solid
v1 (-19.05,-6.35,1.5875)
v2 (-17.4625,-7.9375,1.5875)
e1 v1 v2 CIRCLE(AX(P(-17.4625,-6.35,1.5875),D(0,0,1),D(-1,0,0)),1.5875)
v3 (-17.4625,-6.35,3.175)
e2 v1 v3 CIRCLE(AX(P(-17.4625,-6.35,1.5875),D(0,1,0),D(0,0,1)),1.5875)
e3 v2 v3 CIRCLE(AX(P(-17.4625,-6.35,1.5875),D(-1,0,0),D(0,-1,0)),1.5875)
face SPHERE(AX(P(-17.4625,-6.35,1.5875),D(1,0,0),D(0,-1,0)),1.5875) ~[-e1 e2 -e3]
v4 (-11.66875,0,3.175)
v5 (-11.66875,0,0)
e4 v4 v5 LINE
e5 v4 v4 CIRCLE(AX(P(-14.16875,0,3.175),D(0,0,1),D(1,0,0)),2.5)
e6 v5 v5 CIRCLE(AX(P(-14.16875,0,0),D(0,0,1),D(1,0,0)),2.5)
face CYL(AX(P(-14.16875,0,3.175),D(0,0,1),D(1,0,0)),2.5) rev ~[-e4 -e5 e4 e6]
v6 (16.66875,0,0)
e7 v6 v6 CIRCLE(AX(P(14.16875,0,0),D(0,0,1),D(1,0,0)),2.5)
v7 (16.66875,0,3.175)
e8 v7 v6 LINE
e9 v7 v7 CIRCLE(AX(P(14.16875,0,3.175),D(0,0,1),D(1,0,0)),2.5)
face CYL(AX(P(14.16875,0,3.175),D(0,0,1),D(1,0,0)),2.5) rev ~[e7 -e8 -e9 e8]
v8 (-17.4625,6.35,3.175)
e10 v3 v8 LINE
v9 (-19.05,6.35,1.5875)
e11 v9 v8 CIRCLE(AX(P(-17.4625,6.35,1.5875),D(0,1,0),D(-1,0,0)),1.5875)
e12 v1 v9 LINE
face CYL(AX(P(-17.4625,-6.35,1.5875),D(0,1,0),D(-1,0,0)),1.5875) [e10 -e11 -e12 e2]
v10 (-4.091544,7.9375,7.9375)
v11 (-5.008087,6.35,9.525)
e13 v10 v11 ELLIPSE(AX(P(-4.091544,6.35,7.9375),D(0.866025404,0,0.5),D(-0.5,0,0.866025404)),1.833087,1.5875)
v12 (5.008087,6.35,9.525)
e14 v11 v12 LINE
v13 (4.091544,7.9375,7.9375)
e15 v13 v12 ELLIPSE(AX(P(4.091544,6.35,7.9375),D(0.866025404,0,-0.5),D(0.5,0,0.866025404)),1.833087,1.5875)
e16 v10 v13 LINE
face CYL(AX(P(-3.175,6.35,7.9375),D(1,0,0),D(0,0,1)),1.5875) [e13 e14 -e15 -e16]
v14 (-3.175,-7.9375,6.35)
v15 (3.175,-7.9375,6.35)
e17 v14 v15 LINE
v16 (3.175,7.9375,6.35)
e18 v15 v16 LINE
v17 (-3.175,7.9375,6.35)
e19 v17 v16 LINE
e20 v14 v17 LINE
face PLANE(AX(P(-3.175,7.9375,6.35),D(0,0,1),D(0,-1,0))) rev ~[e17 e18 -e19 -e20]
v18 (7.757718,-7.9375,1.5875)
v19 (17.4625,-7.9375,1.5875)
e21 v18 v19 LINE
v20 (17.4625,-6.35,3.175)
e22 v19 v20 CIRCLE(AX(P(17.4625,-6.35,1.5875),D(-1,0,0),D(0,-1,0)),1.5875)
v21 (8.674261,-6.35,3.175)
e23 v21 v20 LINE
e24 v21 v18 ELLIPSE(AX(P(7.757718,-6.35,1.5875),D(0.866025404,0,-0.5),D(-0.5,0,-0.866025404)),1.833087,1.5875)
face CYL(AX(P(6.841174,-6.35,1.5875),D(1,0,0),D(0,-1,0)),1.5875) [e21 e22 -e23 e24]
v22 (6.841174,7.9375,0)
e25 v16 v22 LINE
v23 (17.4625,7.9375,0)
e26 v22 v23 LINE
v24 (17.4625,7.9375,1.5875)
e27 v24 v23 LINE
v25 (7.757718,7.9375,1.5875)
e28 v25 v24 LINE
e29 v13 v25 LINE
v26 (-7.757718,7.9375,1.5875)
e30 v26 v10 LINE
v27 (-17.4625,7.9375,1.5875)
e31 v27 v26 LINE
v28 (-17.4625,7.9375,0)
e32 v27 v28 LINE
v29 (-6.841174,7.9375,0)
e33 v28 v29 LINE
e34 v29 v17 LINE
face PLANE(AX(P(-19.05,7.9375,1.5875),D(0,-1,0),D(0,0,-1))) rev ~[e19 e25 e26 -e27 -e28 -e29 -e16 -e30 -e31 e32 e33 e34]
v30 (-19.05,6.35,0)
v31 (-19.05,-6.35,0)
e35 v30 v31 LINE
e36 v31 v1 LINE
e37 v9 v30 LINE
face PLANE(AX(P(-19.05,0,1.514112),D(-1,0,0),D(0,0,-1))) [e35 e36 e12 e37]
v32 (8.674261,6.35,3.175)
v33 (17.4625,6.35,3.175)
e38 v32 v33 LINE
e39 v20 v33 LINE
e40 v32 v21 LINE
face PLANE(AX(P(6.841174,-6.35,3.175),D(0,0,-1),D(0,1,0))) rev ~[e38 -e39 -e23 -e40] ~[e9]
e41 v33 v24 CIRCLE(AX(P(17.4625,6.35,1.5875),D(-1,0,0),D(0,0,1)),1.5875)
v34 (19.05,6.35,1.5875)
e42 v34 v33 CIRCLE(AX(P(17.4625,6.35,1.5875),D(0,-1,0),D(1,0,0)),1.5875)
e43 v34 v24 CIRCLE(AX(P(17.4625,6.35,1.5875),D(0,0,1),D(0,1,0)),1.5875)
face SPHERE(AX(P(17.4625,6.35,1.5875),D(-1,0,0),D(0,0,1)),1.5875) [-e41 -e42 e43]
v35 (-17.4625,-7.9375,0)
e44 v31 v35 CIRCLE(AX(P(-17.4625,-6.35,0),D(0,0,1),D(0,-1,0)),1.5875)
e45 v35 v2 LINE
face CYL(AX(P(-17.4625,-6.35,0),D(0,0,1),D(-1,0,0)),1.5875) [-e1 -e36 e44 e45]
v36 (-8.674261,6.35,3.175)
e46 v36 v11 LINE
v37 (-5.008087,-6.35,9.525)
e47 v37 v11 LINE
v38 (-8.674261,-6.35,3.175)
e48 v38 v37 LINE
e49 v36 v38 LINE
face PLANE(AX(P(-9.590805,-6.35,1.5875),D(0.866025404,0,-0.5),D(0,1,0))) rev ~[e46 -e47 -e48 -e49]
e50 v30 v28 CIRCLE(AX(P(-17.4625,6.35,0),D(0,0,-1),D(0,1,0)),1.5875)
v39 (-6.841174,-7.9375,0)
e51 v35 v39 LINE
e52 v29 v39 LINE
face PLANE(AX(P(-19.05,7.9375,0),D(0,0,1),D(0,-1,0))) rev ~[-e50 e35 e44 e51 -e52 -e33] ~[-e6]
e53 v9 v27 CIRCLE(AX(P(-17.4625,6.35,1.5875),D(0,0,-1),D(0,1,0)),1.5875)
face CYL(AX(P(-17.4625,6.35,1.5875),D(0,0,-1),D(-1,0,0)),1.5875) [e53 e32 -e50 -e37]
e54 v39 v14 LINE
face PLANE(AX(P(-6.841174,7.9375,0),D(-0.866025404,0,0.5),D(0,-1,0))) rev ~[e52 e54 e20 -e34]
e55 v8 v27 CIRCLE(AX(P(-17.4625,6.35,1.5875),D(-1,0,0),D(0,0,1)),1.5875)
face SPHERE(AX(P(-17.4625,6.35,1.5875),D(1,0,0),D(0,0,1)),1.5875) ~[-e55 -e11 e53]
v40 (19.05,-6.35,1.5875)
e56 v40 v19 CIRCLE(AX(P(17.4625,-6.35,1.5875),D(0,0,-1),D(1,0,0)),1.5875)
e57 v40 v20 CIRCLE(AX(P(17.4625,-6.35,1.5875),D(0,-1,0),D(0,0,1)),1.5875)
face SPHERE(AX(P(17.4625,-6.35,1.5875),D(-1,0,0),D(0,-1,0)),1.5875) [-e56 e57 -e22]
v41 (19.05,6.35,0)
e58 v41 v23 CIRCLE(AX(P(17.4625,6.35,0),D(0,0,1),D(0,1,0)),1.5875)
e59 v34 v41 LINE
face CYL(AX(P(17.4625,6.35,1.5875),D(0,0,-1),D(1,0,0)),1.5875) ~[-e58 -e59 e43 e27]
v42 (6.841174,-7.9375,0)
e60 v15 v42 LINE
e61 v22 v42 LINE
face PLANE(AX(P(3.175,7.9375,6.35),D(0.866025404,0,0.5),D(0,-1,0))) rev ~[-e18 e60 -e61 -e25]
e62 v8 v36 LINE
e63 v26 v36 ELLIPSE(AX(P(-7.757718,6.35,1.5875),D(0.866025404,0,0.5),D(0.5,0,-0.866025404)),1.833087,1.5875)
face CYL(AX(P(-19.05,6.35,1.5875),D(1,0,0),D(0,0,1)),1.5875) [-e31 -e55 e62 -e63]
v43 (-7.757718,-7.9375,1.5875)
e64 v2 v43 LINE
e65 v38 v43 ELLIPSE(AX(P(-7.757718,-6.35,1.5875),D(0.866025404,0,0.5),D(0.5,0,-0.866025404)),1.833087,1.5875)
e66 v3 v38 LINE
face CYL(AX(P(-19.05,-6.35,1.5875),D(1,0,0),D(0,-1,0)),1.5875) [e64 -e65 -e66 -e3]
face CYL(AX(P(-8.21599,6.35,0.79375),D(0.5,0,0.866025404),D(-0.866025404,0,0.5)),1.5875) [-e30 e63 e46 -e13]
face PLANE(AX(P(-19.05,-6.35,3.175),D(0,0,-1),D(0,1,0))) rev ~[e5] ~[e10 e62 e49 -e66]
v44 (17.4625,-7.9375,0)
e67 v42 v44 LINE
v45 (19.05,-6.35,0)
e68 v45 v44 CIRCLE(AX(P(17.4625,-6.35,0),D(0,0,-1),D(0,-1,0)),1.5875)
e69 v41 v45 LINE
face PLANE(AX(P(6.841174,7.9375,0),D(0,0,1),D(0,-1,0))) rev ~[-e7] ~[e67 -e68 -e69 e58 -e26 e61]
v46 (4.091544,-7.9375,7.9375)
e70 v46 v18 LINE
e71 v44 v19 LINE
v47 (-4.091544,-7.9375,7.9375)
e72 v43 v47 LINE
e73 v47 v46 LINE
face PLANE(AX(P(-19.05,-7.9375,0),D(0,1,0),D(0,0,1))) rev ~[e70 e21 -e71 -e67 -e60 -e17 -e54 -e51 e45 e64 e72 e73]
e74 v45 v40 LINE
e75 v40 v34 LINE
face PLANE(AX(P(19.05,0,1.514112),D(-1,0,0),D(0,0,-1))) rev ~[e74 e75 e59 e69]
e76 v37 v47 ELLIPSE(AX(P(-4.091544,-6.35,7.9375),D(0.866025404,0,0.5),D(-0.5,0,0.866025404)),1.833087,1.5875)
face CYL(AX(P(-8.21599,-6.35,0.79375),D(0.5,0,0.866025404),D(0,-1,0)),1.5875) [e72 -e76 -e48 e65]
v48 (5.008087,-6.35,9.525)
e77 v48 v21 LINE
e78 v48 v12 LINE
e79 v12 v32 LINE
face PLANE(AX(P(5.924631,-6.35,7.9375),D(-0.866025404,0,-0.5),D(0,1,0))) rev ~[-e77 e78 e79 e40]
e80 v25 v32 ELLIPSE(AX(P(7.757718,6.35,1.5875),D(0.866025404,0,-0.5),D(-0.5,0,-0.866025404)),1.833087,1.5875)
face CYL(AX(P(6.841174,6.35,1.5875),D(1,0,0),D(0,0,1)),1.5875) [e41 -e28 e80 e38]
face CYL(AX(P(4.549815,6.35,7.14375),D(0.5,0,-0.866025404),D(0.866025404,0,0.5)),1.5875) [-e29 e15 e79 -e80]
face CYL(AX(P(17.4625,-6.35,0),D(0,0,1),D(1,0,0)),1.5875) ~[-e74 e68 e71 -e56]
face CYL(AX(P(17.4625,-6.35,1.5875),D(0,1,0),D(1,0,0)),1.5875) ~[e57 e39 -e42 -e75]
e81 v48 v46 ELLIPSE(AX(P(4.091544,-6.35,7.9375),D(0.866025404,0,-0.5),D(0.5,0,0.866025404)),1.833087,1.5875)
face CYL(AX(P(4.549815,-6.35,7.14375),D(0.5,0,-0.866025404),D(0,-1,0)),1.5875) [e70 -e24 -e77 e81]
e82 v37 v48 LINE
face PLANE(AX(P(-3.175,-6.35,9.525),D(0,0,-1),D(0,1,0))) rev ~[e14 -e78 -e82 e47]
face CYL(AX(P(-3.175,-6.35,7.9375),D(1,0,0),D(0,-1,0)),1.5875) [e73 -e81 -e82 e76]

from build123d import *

# Parameters (mm, degrees)
F4_R     = 2.5
F5_DEPTH = 3.175
F6_R     = 1.5875


with BuildPart() as f3:
    # F3: sweep along a path in F0
    with BuildLine(Plane.XZ) as f3_path:
        Line((-19.05, 0), (-6.8411742094, 0))
        Line((-6.8411742094, 0), (-3.175, 6.35))
        Line((-3.175, 6.35), (0, 6.35))
        Line((0, 6.35), (3.175, 6.35))
        Line((3.175, 6.35), (6.8411742094, 0))
        Line((6.8411742094, 0), (19.05, 0))
    # F2 (on line) → F3 (sweep)
    with BuildSketch(Plane(origin=(-19.05, 0, 0), x_dir=(0, -1, 0), z_dir=(-1, 0, 0))):
        with BuildLine():
            Line((-7.9375, 0), (7.9375, 0))
            Line((7.9375, 0), (7.9375, 1.5875))
            ThreePointArc((7.9375, 1.5875), (7.4725320151, 2.7100320151), (6.35, 3.175))
            Line((6.35, 3.175), (-6.35, 3.175))
            ThreePointArc((-6.35, 3.175), (-7.4725320151, 2.7100320151), (-7.9375, 1.5875))
            Line((-7.9375, 1.5875), (-7.9375, 0))
        make_face()
    sweep(path=f3_path.line, transition=Transition.RIGHT)

    # F4 (on face) → F5 (cut, through all)
    with BuildSketch(Plane.XY.offset(3.175)):
        with Locations((-14.16875, 0)):
            Circle(F4_R)
        with Locations((14.16875, 0)):
            Circle(F4_R)
    extrude(amount=-F5_DEPTH, mode=Mode.SUBTRACT)

    # F6
    f6_edges = [f3.edges().sort_by_distance(p)[0] for p in [
        (-19.05, 0, 3.175),
        (19.05, 0, 3.175),
    ]]
    fillet(f6_edges, radius=F6_R)


solid = f3.part
